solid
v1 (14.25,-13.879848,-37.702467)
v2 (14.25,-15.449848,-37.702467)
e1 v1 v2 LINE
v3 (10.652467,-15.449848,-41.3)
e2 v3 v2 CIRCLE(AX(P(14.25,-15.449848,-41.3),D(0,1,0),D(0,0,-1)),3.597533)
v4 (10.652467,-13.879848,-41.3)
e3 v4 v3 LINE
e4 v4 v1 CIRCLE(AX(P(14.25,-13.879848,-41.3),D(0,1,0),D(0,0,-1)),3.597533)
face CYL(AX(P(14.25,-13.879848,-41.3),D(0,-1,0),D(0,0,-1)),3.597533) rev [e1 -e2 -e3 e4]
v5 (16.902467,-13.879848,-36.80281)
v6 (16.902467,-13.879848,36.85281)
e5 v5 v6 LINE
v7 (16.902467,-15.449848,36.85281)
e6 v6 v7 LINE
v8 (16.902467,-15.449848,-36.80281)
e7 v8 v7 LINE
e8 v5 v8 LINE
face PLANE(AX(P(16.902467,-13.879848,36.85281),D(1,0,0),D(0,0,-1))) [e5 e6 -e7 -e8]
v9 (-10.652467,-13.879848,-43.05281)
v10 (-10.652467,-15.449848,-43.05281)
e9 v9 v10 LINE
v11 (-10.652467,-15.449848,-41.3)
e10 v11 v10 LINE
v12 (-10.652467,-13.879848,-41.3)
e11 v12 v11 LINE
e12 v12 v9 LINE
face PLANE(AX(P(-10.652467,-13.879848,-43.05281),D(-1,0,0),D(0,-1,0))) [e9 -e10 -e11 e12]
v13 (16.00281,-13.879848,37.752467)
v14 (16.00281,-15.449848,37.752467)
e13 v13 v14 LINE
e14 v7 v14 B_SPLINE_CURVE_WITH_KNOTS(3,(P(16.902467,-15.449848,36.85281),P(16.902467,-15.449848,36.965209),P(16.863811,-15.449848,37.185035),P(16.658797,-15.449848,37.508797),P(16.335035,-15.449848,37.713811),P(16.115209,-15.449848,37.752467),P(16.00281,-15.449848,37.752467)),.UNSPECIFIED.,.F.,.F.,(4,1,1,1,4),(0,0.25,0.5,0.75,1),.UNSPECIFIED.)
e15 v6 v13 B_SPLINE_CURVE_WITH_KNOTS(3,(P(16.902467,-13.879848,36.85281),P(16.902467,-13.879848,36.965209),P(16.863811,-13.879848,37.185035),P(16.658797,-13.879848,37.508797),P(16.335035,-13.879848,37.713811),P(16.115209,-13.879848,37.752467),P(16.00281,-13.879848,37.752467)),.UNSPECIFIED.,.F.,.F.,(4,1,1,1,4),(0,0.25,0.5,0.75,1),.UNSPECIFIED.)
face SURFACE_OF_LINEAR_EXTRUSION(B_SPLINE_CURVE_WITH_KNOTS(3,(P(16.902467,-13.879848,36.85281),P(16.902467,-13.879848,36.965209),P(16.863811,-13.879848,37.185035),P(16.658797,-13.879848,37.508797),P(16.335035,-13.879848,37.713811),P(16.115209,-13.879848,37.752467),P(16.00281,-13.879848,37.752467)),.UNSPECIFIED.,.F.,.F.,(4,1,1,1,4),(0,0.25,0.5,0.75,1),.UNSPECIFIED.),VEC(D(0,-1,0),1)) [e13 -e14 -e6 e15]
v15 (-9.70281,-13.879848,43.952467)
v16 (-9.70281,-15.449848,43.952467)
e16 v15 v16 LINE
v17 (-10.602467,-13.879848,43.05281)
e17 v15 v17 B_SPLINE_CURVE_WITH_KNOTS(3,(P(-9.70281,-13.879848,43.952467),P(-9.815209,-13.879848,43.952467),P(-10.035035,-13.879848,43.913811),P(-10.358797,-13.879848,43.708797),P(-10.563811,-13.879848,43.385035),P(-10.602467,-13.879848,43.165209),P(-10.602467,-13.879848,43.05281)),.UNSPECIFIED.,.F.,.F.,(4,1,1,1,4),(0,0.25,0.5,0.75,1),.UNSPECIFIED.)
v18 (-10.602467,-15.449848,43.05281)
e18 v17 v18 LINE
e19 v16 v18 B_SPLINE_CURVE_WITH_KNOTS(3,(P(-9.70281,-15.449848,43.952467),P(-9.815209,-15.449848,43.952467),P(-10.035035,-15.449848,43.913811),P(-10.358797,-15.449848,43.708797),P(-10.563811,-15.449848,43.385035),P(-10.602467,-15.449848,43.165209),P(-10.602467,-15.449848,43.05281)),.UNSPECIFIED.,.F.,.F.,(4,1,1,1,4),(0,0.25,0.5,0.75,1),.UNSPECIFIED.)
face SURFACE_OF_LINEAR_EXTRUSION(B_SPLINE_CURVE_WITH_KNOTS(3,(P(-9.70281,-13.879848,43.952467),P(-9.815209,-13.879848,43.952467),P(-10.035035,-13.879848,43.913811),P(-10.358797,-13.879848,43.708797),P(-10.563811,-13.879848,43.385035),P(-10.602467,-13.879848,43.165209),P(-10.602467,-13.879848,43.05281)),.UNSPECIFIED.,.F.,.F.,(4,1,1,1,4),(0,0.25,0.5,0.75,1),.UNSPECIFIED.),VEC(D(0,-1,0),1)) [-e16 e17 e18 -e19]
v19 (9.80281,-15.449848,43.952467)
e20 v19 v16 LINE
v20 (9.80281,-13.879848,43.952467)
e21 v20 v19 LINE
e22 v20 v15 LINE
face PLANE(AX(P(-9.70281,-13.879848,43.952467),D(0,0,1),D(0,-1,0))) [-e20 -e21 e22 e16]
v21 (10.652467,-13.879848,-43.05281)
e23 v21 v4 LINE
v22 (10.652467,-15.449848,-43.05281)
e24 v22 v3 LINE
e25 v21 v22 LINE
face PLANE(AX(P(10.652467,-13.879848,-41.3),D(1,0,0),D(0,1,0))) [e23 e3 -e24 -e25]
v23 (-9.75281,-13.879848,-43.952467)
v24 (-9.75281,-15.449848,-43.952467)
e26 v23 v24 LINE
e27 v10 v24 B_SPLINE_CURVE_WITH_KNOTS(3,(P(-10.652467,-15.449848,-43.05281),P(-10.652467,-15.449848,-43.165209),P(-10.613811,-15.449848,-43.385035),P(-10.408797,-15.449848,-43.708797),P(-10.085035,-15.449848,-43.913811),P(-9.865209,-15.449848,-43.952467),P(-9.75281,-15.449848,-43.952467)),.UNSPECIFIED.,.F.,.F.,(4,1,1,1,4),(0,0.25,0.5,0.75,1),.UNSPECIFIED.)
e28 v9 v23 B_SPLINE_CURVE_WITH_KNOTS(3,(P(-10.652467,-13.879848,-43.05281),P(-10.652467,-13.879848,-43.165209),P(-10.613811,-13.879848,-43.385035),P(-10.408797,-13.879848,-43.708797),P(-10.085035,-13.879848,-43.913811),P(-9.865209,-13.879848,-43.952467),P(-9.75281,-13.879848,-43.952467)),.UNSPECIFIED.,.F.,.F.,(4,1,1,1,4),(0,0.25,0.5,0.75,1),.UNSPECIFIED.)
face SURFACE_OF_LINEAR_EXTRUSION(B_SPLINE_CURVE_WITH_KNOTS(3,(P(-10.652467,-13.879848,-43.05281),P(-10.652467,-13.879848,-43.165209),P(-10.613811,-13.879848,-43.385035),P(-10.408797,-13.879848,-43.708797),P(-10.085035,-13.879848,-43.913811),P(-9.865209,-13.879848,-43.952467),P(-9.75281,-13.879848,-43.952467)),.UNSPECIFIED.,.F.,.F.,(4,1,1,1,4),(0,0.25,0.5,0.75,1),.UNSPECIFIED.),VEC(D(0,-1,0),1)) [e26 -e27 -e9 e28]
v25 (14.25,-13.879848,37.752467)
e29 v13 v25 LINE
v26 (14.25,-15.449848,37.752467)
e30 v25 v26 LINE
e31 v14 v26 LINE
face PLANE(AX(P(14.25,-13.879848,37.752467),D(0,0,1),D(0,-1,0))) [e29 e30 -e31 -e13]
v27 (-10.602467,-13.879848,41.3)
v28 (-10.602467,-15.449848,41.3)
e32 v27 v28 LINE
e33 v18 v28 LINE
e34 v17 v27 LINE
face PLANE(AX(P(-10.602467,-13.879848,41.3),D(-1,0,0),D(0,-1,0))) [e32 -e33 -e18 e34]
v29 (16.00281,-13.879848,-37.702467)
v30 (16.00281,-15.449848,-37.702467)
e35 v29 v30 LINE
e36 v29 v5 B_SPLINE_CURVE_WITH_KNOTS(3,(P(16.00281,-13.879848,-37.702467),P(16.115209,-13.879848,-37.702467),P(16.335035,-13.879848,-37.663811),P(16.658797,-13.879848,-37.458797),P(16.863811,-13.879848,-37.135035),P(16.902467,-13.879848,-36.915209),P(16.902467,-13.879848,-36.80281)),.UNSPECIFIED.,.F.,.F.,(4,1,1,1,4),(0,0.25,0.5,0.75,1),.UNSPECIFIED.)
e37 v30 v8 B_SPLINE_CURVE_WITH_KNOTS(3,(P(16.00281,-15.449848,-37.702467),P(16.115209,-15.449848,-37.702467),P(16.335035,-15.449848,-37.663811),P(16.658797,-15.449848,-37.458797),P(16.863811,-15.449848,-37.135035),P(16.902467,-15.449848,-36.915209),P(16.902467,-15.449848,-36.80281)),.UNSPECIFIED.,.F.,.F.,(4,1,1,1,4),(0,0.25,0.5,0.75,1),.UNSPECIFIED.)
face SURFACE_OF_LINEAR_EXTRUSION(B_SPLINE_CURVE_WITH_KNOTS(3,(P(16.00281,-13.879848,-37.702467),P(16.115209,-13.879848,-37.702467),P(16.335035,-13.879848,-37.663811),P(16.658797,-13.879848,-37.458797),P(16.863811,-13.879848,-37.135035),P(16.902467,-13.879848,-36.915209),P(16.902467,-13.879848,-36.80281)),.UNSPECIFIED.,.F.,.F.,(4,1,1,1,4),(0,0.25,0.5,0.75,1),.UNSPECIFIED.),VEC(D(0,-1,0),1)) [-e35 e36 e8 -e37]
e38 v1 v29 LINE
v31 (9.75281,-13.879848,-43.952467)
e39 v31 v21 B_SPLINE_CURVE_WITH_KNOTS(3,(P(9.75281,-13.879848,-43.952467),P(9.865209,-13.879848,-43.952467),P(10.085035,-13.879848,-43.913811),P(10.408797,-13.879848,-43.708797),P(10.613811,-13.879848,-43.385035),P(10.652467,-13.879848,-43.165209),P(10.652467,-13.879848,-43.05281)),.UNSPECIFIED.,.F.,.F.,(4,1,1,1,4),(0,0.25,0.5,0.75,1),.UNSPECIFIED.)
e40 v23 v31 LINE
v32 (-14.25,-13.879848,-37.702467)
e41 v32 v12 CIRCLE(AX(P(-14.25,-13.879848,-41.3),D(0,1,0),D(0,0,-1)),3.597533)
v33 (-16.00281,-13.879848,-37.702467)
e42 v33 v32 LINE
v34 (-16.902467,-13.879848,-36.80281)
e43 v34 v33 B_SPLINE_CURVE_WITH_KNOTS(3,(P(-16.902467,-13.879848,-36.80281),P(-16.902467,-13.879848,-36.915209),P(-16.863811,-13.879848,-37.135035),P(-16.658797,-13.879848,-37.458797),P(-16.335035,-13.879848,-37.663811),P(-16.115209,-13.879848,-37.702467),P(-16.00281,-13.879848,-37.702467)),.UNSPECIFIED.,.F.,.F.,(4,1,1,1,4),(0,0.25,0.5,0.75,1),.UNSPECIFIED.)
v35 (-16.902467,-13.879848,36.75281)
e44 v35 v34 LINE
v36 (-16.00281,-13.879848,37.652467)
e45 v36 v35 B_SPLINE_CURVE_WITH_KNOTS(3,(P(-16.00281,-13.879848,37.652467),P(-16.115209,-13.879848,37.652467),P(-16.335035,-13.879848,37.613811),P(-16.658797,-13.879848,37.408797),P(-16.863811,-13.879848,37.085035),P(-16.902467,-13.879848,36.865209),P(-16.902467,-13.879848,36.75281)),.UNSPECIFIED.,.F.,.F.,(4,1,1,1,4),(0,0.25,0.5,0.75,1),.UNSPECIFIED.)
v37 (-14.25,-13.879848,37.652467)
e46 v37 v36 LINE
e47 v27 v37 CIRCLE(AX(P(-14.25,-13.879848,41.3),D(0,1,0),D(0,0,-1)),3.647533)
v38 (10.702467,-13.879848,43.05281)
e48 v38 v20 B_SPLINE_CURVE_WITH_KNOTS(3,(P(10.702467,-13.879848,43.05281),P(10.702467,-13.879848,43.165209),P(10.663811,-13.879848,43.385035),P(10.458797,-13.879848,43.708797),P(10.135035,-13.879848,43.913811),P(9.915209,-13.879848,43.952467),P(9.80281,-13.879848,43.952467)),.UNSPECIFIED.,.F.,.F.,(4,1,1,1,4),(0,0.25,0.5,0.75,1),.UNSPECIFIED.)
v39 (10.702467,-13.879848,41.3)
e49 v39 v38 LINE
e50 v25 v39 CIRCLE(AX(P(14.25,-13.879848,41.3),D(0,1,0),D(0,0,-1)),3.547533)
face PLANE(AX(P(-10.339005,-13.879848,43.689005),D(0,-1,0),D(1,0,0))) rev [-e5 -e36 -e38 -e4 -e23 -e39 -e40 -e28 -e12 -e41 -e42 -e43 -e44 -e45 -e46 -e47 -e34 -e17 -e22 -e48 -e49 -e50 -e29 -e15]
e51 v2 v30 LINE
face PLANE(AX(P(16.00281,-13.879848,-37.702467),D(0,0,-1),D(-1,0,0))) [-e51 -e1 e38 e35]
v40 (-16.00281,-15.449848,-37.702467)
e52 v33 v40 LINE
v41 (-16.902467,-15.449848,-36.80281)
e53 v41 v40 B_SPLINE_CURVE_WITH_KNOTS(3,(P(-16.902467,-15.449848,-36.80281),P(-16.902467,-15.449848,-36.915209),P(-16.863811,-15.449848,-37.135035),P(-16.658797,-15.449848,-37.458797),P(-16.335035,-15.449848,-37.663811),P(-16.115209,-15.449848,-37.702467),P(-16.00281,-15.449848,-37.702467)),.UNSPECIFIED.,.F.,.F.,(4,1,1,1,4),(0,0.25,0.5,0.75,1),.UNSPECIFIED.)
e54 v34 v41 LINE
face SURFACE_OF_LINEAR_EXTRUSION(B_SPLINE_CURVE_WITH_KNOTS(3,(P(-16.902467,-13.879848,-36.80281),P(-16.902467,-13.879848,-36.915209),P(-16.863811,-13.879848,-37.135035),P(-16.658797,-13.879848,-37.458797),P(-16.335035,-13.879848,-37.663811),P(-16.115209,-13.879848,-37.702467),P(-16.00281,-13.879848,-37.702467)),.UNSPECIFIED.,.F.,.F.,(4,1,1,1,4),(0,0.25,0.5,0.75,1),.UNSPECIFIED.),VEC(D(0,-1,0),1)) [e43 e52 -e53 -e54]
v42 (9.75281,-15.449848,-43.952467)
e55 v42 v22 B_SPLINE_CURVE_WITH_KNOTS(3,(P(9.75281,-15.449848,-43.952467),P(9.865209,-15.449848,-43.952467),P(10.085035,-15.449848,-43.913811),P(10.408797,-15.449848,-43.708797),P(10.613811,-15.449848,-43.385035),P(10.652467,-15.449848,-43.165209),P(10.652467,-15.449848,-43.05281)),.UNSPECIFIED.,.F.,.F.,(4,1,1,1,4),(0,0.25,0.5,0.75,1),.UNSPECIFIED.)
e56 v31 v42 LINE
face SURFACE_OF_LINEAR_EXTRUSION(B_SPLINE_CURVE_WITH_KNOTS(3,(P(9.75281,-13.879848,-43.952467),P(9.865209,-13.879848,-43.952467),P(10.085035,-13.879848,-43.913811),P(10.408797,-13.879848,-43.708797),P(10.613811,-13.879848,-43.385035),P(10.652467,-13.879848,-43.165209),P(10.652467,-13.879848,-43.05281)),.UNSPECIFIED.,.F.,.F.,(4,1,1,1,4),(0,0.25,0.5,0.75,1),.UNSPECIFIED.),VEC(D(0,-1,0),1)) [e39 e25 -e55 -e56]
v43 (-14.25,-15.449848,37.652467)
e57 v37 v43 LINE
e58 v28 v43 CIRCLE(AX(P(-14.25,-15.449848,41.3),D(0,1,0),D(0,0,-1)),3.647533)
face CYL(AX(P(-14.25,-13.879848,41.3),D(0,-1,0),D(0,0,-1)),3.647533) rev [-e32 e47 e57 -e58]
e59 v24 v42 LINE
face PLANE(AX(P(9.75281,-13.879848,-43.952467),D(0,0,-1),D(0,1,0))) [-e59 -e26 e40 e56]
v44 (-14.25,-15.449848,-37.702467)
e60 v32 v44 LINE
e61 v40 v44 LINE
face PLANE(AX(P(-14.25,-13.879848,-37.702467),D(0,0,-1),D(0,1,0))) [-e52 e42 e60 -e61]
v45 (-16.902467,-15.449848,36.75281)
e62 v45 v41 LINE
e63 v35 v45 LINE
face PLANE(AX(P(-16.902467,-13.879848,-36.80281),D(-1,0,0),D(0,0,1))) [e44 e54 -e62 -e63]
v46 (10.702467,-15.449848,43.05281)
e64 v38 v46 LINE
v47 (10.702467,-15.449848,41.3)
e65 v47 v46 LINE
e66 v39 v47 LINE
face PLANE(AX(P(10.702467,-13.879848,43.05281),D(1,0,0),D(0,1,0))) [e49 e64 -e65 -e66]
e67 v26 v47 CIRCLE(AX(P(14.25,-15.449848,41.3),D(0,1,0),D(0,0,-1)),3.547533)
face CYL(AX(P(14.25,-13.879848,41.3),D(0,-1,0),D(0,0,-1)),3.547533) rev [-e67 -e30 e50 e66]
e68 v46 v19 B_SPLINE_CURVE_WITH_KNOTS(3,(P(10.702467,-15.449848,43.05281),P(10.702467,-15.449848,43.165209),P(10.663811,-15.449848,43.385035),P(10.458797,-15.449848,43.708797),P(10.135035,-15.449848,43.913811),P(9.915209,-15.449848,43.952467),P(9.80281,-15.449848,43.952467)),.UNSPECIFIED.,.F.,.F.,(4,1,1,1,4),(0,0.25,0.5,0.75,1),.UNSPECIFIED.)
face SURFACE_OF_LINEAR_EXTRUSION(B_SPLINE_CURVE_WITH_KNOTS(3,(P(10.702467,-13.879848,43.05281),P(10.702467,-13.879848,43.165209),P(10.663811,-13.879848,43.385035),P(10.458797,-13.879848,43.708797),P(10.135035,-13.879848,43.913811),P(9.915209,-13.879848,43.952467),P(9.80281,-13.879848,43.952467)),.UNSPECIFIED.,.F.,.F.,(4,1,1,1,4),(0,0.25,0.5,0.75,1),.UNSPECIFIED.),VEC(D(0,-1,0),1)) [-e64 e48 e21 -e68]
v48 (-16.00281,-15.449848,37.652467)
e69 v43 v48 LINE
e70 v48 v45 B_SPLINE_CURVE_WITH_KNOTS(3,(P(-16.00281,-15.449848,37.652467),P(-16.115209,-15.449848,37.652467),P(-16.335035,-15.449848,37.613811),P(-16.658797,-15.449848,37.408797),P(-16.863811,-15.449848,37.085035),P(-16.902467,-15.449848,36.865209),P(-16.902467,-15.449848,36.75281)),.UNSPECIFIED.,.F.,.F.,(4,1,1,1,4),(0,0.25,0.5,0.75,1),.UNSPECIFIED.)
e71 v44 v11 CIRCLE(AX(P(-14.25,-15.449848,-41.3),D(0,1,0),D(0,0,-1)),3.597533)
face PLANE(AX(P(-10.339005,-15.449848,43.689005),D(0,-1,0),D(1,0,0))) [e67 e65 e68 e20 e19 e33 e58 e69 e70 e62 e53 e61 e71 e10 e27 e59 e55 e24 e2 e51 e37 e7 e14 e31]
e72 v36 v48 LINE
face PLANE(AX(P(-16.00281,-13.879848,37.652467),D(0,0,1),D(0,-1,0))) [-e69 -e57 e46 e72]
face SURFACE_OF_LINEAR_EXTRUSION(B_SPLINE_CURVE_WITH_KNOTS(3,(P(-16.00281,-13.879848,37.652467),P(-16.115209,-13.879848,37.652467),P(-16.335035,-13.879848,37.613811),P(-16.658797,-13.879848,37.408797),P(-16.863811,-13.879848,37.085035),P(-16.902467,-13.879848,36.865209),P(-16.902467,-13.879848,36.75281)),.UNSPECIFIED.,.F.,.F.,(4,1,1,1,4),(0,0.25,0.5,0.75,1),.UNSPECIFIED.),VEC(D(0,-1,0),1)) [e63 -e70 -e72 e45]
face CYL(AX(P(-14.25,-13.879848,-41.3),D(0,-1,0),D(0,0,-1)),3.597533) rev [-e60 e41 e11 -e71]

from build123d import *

# Parameters (mm, degrees)
EFFECTSBOARD_DEPTH = 1.57


with BuildPart() as part:
    # Sketch2 → EffectsBoard (new body)
    with BuildSketch(Plane(origin=(0, -15.44984767, 0), x_dir=(-1, 0, 0), z_dir=(0, -1, 0))):
        with BuildLine():
            Line((9.702810165, -43.95246749), (-9.802810165, -43.95246749))
            add(Edge.make_bspline(
                [(-9.802810165, -43.95246749), (-9.915209225, -43.95246749), (-10.13503537, -43.913811014), (-10.458796653, -43.708796653), (-10.663811014, -43.38503537), (-10.70246749, -43.165209225), (-10.70246749, -43.052810165)],
                knots=[0, 0, 0, 0, 0.25, 0.5, 0.75, 1, 1, 1, 1], degree=3))
            Line((-10.70246749, -43.052810165), (-10.70246749, -41.3))
            ThreePointArc((-10.70246749, -41.3), (-11.741515706, -38.791515706), (-14.25, -37.75246749))
            Line((-14.25, -37.75246749), (-16.002810165, -37.75246749))
            add(Edge.make_bspline(
                [(-16.002810165, -37.75246749), (-16.115209225, -37.75246749), (-16.33503537, -37.713811014), (-16.658796653, -37.508796653), (-16.863811014, -37.18503537), (-16.90246749, -36.965209225), (-16.90246749, -36.852810165)],
                knots=[0, 0, 0, 0, 0.25, 0.5, 0.75, 1, 1, 1, 1], degree=3))
            Line((-16.90246749, -36.852810165), (-16.90246749, 36.802810165))
            add(Edge.make_bspline(
                [(-16.90246749, 36.802810165), (-16.90246749, 36.915209225), (-16.863811014, 37.13503537), (-16.658796653, 37.458796653), (-16.33503537, 37.663811014), (-16.115209225, 37.70246749), (-16.002810165, 37.70246749)],
                knots=[0, 0, 0, 0, 0.25, 0.5, 0.75, 1, 1, 1, 1], degree=3))
            Line((-16.002810165, 37.70246749), (-14.25, 37.70246749))
            ThreePointArc((-14.25, 37.70246749), (-11.706160367, 38.756160367), (-10.65246749, 41.3))
            Line((-10.65246749, 41.3), (-10.65246749, 43.052810165))
            add(Edge.make_bspline(
                [(-10.65246749, 43.052810165), (-10.65246749, 43.165209225), (-10.613811014, 43.38503537), (-10.408796653, 43.708796653), (-10.08503537, 43.913811014), (-9.865209225, 43.95246749), (-9.752810165, 43.95246749)],
                knots=[0, 0, 0, 0, 0.25, 0.5, 0.75, 1, 1, 1, 1], degree=3))
            Line((-9.752810165, 43.95246749), (9.752810165, 43.95246749))
            add(Edge.make_bspline(
                [(9.752810165, 43.95246749), (9.865209225, 43.95246749), (10.08503537, 43.913811014), (10.408796653, 43.708796653), (10.613811014, 43.38503537), (10.65246749, 43.165209225), (10.65246749, 43.052810165)],
                knots=[0, 0, 0, 0, 0.25, 0.5, 0.75, 1, 1, 1, 1], degree=3))
            Line((10.65246749, 43.052810165), (10.65246749, 41.3))
            ThreePointArc((10.65246749, 41.3), (11.706160367, 38.756160367), (14.25, 37.70246749))
            Line((14.25, 37.70246749), (16.002810165, 37.70246749))
            add(Edge.make_bspline(
                [(16.002810165, 37.70246749), (16.115209225, 37.70246749), (16.33503537, 37.663811014), (16.658796653, 37.458796653), (16.863811014, 37.13503537), (16.90246749, 36.915209225), (16.90246749, 36.802810165)],
                knots=[0, 0, 0, 0, 0.25, 0.5, 0.75, 1, 1, 1, 1], degree=3))
            Line((16.90246749, 36.802810165), (16.90246749, -36.752810165))
            add(Edge.make_bspline(
                [(16.90246749, -36.752810165), (16.90246749, -36.865209225), (16.863811014, -37.08503537), (16.658796653, -37.408796653), (16.33503537, -37.613811014), (16.115209225, -37.65246749), (16.002810165, -37.65246749)],
                knots=[0, 0, 0, 0, 0.25, 0.5, 0.75, 1, 1, 1, 1], degree=3))
            Line((16.002810165, -37.65246749), (14.25, -37.65246749))
            ThreePointArc((14.25, -37.65246749), (11.670805028, -38.720805028), (10.60246749, -41.3))
            Line((10.60246749, -41.3), (10.60246749, -43.052810165))
            add(Edge.make_bspline(
                [(10.60246749, -43.052810165), (10.60246749, -43.165209225), (10.563811014, -43.38503537), (10.358796653, -43.708796653), (10.03503537, -43.913811014), (9.815209225, -43.95246749), (9.702810165, -43.95246749)],
                knots=[0, 0, 0, 0, 0.25, 0.5, 0.75, 1, 1, 1, 1], degree=3))
        make_face()
    extrude(amount=-EFFECTSBOARD_DEPTH)


solid = part.part
